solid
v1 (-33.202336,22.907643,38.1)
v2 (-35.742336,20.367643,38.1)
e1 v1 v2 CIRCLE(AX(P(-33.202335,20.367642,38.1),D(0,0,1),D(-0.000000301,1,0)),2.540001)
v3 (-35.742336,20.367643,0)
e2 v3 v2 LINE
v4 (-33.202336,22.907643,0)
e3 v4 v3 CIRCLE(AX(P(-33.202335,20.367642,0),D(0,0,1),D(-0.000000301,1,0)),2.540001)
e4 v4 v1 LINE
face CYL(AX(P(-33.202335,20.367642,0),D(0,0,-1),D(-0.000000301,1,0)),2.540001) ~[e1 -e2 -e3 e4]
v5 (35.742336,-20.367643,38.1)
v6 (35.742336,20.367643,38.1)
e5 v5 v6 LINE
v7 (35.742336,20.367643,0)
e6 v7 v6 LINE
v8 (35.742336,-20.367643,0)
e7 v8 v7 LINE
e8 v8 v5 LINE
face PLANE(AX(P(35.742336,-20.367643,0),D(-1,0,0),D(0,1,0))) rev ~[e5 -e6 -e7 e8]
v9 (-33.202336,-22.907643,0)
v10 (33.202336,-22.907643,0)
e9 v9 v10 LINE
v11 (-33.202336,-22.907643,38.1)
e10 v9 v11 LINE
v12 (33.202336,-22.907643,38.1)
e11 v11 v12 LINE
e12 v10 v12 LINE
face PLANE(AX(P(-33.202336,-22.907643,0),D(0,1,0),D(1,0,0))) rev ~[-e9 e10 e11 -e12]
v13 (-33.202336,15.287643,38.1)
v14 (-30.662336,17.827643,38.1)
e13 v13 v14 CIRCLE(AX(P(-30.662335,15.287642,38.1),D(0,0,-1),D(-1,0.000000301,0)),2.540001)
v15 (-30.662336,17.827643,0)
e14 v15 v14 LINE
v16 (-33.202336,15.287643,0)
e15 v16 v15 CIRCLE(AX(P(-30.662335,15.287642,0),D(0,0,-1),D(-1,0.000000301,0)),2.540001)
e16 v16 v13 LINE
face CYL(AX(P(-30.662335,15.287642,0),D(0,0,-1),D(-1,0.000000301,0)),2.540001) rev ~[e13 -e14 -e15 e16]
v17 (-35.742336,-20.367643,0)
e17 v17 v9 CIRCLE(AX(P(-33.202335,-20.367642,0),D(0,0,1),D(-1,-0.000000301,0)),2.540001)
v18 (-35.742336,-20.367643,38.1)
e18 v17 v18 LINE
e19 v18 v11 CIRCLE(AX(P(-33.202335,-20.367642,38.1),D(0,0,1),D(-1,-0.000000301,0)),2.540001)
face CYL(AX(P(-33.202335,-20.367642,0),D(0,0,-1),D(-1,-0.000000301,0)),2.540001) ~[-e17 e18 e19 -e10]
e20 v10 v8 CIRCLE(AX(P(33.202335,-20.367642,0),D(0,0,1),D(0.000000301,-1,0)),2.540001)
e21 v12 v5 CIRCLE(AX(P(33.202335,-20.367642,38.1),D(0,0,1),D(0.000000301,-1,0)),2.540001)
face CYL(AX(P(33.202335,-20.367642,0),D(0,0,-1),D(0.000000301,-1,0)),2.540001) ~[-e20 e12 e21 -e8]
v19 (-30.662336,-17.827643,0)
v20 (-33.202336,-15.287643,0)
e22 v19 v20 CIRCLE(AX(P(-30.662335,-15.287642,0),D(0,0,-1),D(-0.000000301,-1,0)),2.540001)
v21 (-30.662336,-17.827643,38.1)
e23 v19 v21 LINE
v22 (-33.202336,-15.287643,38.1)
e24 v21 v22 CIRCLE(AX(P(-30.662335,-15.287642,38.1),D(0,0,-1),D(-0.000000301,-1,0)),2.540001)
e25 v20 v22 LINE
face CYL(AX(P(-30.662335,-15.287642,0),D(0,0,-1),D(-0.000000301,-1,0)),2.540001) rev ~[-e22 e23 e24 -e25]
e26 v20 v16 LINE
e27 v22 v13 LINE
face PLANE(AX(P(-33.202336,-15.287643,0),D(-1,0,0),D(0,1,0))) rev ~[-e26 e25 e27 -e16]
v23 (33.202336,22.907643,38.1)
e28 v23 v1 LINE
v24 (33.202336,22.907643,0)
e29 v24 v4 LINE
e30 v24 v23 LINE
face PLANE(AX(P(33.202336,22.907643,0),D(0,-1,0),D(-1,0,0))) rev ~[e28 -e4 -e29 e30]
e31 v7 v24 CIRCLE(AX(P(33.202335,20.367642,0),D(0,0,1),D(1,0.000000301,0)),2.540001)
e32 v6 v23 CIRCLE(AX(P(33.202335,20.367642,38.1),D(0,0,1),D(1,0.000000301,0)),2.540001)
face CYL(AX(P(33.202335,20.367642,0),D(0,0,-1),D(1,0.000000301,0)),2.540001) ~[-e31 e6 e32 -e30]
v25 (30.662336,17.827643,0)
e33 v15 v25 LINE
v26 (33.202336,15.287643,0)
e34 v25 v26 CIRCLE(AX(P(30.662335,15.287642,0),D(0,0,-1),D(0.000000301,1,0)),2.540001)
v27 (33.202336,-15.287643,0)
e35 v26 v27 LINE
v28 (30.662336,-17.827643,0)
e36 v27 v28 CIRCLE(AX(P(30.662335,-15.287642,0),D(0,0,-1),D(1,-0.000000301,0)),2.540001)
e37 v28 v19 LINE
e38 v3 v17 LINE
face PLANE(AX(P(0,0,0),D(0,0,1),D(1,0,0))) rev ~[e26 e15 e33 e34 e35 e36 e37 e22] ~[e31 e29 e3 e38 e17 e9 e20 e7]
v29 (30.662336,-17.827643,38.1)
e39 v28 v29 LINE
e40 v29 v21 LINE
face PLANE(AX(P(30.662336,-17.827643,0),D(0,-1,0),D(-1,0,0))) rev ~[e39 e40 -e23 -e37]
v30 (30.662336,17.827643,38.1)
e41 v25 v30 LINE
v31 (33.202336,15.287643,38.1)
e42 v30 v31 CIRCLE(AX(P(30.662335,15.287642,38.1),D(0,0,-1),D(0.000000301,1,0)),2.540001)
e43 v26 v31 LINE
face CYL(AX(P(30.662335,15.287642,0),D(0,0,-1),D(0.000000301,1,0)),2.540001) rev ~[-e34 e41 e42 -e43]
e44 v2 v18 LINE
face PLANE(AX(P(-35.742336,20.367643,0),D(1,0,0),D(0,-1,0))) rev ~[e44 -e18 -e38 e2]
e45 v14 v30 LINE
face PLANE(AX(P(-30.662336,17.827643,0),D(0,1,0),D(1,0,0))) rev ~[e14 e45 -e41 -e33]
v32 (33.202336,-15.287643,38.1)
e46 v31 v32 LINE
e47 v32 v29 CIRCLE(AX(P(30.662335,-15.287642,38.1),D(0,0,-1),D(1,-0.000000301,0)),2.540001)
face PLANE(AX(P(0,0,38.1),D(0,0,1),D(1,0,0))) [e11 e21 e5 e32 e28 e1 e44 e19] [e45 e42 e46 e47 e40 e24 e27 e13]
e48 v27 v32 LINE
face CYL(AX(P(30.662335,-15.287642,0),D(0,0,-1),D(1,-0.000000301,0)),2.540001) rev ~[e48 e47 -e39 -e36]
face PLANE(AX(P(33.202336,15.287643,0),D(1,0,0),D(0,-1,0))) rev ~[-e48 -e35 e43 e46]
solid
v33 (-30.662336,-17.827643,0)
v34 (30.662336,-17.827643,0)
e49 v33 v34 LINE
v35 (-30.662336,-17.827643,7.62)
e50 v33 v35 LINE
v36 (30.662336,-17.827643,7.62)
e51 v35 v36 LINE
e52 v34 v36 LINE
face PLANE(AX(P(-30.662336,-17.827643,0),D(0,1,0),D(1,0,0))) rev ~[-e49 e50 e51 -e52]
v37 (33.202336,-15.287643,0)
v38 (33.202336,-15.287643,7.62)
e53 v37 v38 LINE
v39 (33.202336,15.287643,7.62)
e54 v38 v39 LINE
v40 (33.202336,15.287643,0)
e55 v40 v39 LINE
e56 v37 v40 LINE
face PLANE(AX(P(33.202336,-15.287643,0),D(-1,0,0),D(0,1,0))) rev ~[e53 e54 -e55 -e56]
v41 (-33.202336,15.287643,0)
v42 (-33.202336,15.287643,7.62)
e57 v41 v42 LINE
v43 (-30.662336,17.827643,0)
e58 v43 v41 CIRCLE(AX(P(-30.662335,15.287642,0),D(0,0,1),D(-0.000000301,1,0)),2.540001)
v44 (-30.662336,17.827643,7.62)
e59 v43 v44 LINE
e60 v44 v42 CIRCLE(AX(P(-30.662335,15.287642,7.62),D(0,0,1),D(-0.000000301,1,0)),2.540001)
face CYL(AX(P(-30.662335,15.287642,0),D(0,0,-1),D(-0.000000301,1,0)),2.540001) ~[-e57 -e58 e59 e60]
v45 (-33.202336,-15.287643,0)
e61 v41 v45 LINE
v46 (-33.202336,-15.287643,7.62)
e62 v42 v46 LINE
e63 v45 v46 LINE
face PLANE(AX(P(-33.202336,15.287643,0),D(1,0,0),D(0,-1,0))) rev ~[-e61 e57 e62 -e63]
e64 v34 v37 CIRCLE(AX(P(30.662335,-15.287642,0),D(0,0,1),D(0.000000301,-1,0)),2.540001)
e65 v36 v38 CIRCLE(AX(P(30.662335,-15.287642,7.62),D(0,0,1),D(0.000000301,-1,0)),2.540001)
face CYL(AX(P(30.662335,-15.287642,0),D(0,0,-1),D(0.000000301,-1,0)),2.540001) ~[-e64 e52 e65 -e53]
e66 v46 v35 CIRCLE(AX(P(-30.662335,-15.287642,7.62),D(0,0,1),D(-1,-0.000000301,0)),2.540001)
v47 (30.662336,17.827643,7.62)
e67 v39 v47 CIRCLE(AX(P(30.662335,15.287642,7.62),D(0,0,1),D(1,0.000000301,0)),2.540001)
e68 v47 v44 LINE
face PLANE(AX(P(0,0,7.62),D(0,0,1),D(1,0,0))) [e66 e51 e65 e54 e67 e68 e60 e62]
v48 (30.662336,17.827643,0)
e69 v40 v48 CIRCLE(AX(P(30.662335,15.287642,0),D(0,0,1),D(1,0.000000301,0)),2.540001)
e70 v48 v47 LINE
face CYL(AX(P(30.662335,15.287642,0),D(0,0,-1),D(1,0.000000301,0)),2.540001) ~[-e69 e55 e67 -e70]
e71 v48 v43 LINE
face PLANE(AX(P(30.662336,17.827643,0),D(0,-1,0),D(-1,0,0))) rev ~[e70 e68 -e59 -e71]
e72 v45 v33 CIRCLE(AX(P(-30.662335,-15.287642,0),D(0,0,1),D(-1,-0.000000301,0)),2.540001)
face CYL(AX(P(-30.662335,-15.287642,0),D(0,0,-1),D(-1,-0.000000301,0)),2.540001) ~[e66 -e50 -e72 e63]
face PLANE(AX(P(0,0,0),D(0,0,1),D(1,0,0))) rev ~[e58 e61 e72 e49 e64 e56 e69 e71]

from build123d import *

# Parameters (mm, degrees)
F1_DEPTH = 7.62
F2_DEPTH = 38.1


with BuildPart() as f1:
    # F0 (on Top) → F1 (new body)
    with BuildSketch(Plane.XY):
        with BuildLine():
            Line((-30.662336, -17.827643), (30.662336, -17.827643))
            ThreePointArc((30.662336, -17.827643), (32.458387, -17.083694), (33.202336, -15.287643))
            Line((33.202336, -15.287643), (33.202336, 15.287643))
            ThreePointArc((33.202336, 15.287643), (32.458387, 17.083694), (30.662336, 17.827643))
            Line((30.662336, 17.827643), (-30.662336, 17.827643))
            ThreePointArc((-30.662336, 17.827643), (-32.458387, 17.083694), (-33.202336, 15.287643))
            Line((-33.202336, 15.287643), (-33.202336, -15.287643))
            ThreePointArc((-33.202336, -15.287643), (-32.458387, -17.083694), (-30.662336, -17.827643))
        make_face()
    extrude(amount=F1_DEPTH)


with BuildPart() as f2:
    # F0 (on Top) → F2 (new body)
    with BuildSketch(Plane.XY):
        with BuildLine():
            Line((-33.202336, -22.907643), (33.202336, -22.907643))
            ThreePointArc((33.202336, -22.907643), (34.998387, -22.163694), (35.742336, -20.367643))
            Line((35.742336, -20.367643), (35.742336, 20.367643))
            ThreePointArc((35.742336, 20.367643), (34.998387, 22.163694), (33.202336, 22.907643))
            Line((33.202336, 22.907643), (-33.202336, 22.907643))
            ThreePointArc((-33.202336, 22.907643), (-34.998387, 22.163694), (-35.742336, 20.367643))
            Line((-35.742336, 20.367643), (-35.742336, -20.367643))
            ThreePointArc((-35.742336, -20.367643), (-34.998387, -22.163694), (-33.202336, -22.907643))
        make_face()
        with BuildLine():
            ThreePointArc((33.202336, -15.287643), (32.458387, -17.083694), (30.662336, -17.827643))
            Line((30.662336, -17.827643), (-30.662336, -17.827643))
            ThreePointArc((-30.662336, -17.827643), (-32.458387, -17.083694), (-33.202336, -15.287643))
            Line((-33.202336, -15.287643), (-33.202336, 15.287643))
            ThreePointArc((-33.202336, 15.287643), (-32.458387, 17.083694), (-30.662336, 17.827643))
            Line((-30.662336, 17.827643), (30.662336, 17.827643))
            ThreePointArc((30.662336, 17.827643), (32.458387, 17.083694), (33.202336, 15.287643))
            Line((33.202336, 15.287643), (33.202336, -15.287643))
        make_face(mode=Mode.SUBTRACT)
    extrude(amount=F2_DEPTH)


solid = Compound([f1.part, f2.part])
